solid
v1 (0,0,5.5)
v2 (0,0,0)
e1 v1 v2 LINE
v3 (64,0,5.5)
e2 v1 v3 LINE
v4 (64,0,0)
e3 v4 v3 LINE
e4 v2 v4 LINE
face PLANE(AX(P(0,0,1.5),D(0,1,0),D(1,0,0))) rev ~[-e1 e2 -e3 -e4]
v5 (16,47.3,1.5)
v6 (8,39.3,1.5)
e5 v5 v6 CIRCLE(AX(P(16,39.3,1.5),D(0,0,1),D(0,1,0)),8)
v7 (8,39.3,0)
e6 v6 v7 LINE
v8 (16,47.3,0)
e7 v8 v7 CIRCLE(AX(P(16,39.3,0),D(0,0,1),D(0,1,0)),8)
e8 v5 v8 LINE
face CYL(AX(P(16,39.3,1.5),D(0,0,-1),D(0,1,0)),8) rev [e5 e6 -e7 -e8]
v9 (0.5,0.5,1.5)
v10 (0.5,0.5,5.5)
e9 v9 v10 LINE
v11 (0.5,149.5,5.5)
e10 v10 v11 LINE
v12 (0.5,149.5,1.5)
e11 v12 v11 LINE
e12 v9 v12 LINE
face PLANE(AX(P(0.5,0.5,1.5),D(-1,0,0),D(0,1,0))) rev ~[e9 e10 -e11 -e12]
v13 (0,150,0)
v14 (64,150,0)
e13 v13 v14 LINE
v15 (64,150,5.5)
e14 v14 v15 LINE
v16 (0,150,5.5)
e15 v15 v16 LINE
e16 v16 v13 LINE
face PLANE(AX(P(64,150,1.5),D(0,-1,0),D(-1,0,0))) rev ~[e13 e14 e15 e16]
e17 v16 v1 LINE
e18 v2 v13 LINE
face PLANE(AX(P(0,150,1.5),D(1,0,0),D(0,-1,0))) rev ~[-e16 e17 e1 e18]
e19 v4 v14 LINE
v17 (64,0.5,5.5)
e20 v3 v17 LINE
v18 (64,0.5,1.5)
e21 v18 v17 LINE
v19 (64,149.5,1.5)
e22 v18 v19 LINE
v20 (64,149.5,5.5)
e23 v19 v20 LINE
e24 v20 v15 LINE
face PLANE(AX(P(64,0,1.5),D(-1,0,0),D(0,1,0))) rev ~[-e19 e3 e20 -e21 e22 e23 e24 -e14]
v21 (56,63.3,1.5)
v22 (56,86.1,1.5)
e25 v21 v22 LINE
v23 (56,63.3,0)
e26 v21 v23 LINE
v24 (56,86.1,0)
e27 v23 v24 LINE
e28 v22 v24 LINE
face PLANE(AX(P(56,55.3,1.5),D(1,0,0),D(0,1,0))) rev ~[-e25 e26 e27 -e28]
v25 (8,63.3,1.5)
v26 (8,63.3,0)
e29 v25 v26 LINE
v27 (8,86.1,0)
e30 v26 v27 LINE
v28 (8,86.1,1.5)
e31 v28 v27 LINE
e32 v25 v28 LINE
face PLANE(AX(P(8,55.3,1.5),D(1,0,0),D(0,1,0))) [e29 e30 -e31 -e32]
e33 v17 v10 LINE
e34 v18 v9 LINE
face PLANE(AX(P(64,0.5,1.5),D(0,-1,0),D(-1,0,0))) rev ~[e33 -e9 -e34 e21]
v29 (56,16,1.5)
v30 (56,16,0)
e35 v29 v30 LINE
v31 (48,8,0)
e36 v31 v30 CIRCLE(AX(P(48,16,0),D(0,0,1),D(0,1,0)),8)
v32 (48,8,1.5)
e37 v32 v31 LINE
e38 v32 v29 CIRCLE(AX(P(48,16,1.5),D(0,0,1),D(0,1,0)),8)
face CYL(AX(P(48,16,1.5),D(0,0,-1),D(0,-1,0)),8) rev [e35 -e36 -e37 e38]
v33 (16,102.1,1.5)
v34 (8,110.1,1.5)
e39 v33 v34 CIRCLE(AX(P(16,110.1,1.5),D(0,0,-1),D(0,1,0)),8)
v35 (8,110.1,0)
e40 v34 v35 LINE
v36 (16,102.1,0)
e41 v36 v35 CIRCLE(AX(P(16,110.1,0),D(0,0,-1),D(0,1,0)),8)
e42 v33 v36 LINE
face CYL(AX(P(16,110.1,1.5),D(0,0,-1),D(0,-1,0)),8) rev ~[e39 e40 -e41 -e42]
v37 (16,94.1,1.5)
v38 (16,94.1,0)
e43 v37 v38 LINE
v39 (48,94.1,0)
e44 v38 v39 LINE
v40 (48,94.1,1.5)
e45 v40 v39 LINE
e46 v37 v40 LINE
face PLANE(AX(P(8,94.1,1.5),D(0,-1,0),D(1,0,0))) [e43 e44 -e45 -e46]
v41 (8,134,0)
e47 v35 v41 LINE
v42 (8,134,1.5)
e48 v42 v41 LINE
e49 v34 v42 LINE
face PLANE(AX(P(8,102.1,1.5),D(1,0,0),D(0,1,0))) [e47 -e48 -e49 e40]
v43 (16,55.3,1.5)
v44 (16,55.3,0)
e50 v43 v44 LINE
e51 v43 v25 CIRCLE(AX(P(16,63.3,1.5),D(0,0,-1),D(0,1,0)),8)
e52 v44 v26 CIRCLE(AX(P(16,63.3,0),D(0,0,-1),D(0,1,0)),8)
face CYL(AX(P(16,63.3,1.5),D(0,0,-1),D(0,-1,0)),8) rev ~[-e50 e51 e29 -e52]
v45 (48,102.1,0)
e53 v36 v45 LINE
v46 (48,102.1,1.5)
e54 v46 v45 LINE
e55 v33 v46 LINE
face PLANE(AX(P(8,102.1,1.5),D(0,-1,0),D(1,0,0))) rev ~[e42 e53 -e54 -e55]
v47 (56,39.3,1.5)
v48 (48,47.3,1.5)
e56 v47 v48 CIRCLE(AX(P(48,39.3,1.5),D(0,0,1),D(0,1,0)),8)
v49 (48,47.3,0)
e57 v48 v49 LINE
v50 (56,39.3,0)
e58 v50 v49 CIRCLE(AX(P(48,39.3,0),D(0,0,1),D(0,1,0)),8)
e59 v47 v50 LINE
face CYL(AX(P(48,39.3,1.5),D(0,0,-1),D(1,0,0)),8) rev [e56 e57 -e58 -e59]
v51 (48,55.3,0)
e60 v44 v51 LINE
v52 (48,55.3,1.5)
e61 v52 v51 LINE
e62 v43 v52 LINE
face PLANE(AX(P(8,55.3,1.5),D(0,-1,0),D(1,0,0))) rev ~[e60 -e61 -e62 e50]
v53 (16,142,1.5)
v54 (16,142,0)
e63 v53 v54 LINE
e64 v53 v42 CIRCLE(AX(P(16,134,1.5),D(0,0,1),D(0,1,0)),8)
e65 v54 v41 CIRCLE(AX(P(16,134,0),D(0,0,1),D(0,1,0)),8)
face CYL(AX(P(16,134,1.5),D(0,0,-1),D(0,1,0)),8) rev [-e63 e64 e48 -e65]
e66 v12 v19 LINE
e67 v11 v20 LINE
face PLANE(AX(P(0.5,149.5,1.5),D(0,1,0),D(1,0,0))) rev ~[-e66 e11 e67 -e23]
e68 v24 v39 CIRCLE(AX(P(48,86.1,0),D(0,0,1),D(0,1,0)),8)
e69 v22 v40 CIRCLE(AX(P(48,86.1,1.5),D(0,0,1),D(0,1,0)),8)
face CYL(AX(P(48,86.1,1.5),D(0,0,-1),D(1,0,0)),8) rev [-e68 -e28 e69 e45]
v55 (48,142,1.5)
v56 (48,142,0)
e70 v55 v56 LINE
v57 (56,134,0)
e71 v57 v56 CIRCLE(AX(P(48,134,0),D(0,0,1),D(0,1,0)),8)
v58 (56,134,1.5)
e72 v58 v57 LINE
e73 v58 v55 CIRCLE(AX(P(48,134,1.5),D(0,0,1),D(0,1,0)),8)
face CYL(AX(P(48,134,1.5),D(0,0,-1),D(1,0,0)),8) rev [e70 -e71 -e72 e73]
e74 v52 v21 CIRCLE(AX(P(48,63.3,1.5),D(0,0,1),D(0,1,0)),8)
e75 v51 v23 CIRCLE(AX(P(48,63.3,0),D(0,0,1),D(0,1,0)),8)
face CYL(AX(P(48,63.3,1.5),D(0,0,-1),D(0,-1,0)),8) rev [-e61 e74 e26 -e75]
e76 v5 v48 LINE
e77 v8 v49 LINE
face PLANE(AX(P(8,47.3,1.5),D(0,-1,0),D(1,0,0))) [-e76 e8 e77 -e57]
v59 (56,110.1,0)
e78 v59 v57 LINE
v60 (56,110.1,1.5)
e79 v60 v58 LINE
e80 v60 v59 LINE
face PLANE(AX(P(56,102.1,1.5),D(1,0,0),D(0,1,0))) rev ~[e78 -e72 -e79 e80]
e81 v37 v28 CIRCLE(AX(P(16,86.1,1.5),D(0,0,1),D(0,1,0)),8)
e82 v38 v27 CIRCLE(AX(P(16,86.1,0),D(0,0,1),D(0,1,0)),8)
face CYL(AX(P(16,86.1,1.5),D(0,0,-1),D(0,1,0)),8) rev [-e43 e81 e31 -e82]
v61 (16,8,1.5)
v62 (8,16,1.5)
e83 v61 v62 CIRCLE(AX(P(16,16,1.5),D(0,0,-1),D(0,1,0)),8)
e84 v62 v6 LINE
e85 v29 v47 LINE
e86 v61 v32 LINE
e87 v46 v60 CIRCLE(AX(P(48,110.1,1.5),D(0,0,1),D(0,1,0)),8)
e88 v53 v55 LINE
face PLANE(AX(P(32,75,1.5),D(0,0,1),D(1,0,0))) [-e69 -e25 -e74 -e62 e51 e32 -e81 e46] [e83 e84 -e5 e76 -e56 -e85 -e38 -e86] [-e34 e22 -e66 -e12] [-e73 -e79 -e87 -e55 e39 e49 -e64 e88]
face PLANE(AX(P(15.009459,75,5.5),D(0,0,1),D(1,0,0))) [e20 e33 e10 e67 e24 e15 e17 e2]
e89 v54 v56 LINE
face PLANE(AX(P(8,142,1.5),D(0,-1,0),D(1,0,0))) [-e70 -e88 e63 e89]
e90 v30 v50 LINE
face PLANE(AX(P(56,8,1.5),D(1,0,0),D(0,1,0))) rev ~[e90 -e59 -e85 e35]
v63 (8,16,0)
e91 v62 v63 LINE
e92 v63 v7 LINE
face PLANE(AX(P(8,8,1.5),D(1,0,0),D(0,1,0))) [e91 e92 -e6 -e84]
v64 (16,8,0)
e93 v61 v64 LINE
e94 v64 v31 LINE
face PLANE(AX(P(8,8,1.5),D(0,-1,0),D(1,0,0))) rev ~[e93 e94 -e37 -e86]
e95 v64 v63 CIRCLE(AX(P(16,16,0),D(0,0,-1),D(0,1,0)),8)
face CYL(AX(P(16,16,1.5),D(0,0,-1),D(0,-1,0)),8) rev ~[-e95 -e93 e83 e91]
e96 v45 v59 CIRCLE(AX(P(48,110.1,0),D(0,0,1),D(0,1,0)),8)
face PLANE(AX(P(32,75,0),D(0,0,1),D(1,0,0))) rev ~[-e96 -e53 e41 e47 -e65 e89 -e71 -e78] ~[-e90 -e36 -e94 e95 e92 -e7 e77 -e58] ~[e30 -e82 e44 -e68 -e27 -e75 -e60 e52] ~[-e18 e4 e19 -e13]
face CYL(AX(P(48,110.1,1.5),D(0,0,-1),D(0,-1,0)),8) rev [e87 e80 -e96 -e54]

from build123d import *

# Parameters (mm, degrees)
F0_W     = 64
F0_H     = 150
F1_DEPTH = 1.5
F2_W     = 48
F2_H     = 39.9
F2_H_2   = 38.8
F2_H_3   = 39.3
F3_DEPTH = 1.501
F4_R     = 8
F6_DEPTH = 4


with BuildPart() as f1:
    # F0 (on Top) → F1 (new body)
    with BuildSketch(Plane.XY):
        with Locations((32, 75)):
            Rectangle(F0_W, F0_H)
    extrude(amount=F1_DEPTH)

    # F2 (on face) → F3 (cut, through all)
    with BuildSketch(Plane.XY.offset(1.5)):
        with Locations((32, 122.05)):
            Rectangle(F2_W, F2_H)
        with Locations((32, 74.7)):
            Rectangle(F2_W, F2_H_2)
        with Locations((32, 27.65)):
            Rectangle(F2_W, F2_H_3)
    extrude(amount=-F3_DEPTH, mode=Mode.SUBTRACT)

    # F4
    f4_edges = [f1.edges().sort_by_distance(p)[0] for p in [
        (8, 142, 0.75),
        (8, 94.1, 0.75),
        (8, 47.3, 0.75),
        (8, 102.1, 0.75),
        (8, 55.3, 0.75),
        (8, 8, 0.75),
        (56, 102.1, 0.75),
        (56, 55.3, 0.75),
        (56, 8, 0.75),
        (56, 142, 0.75),
        (56, 94.1, 0.75),
        (56, 47.3, 0.75),
    ]]
    fillet(f4_edges, radius=F4_R)

    # F5 (on face) → F6 (join)
    with BuildSketch(Plane.XY.offset(1.5)):
        Polygon((0, 0), (64, 0), (64, 0.5), (0.5, 0.5), (0.5, 149.5), (64, 149.5), (64, 150), (0, 150), align=None)
    extrude(amount=F6_DEPTH)


solid = f1.part
